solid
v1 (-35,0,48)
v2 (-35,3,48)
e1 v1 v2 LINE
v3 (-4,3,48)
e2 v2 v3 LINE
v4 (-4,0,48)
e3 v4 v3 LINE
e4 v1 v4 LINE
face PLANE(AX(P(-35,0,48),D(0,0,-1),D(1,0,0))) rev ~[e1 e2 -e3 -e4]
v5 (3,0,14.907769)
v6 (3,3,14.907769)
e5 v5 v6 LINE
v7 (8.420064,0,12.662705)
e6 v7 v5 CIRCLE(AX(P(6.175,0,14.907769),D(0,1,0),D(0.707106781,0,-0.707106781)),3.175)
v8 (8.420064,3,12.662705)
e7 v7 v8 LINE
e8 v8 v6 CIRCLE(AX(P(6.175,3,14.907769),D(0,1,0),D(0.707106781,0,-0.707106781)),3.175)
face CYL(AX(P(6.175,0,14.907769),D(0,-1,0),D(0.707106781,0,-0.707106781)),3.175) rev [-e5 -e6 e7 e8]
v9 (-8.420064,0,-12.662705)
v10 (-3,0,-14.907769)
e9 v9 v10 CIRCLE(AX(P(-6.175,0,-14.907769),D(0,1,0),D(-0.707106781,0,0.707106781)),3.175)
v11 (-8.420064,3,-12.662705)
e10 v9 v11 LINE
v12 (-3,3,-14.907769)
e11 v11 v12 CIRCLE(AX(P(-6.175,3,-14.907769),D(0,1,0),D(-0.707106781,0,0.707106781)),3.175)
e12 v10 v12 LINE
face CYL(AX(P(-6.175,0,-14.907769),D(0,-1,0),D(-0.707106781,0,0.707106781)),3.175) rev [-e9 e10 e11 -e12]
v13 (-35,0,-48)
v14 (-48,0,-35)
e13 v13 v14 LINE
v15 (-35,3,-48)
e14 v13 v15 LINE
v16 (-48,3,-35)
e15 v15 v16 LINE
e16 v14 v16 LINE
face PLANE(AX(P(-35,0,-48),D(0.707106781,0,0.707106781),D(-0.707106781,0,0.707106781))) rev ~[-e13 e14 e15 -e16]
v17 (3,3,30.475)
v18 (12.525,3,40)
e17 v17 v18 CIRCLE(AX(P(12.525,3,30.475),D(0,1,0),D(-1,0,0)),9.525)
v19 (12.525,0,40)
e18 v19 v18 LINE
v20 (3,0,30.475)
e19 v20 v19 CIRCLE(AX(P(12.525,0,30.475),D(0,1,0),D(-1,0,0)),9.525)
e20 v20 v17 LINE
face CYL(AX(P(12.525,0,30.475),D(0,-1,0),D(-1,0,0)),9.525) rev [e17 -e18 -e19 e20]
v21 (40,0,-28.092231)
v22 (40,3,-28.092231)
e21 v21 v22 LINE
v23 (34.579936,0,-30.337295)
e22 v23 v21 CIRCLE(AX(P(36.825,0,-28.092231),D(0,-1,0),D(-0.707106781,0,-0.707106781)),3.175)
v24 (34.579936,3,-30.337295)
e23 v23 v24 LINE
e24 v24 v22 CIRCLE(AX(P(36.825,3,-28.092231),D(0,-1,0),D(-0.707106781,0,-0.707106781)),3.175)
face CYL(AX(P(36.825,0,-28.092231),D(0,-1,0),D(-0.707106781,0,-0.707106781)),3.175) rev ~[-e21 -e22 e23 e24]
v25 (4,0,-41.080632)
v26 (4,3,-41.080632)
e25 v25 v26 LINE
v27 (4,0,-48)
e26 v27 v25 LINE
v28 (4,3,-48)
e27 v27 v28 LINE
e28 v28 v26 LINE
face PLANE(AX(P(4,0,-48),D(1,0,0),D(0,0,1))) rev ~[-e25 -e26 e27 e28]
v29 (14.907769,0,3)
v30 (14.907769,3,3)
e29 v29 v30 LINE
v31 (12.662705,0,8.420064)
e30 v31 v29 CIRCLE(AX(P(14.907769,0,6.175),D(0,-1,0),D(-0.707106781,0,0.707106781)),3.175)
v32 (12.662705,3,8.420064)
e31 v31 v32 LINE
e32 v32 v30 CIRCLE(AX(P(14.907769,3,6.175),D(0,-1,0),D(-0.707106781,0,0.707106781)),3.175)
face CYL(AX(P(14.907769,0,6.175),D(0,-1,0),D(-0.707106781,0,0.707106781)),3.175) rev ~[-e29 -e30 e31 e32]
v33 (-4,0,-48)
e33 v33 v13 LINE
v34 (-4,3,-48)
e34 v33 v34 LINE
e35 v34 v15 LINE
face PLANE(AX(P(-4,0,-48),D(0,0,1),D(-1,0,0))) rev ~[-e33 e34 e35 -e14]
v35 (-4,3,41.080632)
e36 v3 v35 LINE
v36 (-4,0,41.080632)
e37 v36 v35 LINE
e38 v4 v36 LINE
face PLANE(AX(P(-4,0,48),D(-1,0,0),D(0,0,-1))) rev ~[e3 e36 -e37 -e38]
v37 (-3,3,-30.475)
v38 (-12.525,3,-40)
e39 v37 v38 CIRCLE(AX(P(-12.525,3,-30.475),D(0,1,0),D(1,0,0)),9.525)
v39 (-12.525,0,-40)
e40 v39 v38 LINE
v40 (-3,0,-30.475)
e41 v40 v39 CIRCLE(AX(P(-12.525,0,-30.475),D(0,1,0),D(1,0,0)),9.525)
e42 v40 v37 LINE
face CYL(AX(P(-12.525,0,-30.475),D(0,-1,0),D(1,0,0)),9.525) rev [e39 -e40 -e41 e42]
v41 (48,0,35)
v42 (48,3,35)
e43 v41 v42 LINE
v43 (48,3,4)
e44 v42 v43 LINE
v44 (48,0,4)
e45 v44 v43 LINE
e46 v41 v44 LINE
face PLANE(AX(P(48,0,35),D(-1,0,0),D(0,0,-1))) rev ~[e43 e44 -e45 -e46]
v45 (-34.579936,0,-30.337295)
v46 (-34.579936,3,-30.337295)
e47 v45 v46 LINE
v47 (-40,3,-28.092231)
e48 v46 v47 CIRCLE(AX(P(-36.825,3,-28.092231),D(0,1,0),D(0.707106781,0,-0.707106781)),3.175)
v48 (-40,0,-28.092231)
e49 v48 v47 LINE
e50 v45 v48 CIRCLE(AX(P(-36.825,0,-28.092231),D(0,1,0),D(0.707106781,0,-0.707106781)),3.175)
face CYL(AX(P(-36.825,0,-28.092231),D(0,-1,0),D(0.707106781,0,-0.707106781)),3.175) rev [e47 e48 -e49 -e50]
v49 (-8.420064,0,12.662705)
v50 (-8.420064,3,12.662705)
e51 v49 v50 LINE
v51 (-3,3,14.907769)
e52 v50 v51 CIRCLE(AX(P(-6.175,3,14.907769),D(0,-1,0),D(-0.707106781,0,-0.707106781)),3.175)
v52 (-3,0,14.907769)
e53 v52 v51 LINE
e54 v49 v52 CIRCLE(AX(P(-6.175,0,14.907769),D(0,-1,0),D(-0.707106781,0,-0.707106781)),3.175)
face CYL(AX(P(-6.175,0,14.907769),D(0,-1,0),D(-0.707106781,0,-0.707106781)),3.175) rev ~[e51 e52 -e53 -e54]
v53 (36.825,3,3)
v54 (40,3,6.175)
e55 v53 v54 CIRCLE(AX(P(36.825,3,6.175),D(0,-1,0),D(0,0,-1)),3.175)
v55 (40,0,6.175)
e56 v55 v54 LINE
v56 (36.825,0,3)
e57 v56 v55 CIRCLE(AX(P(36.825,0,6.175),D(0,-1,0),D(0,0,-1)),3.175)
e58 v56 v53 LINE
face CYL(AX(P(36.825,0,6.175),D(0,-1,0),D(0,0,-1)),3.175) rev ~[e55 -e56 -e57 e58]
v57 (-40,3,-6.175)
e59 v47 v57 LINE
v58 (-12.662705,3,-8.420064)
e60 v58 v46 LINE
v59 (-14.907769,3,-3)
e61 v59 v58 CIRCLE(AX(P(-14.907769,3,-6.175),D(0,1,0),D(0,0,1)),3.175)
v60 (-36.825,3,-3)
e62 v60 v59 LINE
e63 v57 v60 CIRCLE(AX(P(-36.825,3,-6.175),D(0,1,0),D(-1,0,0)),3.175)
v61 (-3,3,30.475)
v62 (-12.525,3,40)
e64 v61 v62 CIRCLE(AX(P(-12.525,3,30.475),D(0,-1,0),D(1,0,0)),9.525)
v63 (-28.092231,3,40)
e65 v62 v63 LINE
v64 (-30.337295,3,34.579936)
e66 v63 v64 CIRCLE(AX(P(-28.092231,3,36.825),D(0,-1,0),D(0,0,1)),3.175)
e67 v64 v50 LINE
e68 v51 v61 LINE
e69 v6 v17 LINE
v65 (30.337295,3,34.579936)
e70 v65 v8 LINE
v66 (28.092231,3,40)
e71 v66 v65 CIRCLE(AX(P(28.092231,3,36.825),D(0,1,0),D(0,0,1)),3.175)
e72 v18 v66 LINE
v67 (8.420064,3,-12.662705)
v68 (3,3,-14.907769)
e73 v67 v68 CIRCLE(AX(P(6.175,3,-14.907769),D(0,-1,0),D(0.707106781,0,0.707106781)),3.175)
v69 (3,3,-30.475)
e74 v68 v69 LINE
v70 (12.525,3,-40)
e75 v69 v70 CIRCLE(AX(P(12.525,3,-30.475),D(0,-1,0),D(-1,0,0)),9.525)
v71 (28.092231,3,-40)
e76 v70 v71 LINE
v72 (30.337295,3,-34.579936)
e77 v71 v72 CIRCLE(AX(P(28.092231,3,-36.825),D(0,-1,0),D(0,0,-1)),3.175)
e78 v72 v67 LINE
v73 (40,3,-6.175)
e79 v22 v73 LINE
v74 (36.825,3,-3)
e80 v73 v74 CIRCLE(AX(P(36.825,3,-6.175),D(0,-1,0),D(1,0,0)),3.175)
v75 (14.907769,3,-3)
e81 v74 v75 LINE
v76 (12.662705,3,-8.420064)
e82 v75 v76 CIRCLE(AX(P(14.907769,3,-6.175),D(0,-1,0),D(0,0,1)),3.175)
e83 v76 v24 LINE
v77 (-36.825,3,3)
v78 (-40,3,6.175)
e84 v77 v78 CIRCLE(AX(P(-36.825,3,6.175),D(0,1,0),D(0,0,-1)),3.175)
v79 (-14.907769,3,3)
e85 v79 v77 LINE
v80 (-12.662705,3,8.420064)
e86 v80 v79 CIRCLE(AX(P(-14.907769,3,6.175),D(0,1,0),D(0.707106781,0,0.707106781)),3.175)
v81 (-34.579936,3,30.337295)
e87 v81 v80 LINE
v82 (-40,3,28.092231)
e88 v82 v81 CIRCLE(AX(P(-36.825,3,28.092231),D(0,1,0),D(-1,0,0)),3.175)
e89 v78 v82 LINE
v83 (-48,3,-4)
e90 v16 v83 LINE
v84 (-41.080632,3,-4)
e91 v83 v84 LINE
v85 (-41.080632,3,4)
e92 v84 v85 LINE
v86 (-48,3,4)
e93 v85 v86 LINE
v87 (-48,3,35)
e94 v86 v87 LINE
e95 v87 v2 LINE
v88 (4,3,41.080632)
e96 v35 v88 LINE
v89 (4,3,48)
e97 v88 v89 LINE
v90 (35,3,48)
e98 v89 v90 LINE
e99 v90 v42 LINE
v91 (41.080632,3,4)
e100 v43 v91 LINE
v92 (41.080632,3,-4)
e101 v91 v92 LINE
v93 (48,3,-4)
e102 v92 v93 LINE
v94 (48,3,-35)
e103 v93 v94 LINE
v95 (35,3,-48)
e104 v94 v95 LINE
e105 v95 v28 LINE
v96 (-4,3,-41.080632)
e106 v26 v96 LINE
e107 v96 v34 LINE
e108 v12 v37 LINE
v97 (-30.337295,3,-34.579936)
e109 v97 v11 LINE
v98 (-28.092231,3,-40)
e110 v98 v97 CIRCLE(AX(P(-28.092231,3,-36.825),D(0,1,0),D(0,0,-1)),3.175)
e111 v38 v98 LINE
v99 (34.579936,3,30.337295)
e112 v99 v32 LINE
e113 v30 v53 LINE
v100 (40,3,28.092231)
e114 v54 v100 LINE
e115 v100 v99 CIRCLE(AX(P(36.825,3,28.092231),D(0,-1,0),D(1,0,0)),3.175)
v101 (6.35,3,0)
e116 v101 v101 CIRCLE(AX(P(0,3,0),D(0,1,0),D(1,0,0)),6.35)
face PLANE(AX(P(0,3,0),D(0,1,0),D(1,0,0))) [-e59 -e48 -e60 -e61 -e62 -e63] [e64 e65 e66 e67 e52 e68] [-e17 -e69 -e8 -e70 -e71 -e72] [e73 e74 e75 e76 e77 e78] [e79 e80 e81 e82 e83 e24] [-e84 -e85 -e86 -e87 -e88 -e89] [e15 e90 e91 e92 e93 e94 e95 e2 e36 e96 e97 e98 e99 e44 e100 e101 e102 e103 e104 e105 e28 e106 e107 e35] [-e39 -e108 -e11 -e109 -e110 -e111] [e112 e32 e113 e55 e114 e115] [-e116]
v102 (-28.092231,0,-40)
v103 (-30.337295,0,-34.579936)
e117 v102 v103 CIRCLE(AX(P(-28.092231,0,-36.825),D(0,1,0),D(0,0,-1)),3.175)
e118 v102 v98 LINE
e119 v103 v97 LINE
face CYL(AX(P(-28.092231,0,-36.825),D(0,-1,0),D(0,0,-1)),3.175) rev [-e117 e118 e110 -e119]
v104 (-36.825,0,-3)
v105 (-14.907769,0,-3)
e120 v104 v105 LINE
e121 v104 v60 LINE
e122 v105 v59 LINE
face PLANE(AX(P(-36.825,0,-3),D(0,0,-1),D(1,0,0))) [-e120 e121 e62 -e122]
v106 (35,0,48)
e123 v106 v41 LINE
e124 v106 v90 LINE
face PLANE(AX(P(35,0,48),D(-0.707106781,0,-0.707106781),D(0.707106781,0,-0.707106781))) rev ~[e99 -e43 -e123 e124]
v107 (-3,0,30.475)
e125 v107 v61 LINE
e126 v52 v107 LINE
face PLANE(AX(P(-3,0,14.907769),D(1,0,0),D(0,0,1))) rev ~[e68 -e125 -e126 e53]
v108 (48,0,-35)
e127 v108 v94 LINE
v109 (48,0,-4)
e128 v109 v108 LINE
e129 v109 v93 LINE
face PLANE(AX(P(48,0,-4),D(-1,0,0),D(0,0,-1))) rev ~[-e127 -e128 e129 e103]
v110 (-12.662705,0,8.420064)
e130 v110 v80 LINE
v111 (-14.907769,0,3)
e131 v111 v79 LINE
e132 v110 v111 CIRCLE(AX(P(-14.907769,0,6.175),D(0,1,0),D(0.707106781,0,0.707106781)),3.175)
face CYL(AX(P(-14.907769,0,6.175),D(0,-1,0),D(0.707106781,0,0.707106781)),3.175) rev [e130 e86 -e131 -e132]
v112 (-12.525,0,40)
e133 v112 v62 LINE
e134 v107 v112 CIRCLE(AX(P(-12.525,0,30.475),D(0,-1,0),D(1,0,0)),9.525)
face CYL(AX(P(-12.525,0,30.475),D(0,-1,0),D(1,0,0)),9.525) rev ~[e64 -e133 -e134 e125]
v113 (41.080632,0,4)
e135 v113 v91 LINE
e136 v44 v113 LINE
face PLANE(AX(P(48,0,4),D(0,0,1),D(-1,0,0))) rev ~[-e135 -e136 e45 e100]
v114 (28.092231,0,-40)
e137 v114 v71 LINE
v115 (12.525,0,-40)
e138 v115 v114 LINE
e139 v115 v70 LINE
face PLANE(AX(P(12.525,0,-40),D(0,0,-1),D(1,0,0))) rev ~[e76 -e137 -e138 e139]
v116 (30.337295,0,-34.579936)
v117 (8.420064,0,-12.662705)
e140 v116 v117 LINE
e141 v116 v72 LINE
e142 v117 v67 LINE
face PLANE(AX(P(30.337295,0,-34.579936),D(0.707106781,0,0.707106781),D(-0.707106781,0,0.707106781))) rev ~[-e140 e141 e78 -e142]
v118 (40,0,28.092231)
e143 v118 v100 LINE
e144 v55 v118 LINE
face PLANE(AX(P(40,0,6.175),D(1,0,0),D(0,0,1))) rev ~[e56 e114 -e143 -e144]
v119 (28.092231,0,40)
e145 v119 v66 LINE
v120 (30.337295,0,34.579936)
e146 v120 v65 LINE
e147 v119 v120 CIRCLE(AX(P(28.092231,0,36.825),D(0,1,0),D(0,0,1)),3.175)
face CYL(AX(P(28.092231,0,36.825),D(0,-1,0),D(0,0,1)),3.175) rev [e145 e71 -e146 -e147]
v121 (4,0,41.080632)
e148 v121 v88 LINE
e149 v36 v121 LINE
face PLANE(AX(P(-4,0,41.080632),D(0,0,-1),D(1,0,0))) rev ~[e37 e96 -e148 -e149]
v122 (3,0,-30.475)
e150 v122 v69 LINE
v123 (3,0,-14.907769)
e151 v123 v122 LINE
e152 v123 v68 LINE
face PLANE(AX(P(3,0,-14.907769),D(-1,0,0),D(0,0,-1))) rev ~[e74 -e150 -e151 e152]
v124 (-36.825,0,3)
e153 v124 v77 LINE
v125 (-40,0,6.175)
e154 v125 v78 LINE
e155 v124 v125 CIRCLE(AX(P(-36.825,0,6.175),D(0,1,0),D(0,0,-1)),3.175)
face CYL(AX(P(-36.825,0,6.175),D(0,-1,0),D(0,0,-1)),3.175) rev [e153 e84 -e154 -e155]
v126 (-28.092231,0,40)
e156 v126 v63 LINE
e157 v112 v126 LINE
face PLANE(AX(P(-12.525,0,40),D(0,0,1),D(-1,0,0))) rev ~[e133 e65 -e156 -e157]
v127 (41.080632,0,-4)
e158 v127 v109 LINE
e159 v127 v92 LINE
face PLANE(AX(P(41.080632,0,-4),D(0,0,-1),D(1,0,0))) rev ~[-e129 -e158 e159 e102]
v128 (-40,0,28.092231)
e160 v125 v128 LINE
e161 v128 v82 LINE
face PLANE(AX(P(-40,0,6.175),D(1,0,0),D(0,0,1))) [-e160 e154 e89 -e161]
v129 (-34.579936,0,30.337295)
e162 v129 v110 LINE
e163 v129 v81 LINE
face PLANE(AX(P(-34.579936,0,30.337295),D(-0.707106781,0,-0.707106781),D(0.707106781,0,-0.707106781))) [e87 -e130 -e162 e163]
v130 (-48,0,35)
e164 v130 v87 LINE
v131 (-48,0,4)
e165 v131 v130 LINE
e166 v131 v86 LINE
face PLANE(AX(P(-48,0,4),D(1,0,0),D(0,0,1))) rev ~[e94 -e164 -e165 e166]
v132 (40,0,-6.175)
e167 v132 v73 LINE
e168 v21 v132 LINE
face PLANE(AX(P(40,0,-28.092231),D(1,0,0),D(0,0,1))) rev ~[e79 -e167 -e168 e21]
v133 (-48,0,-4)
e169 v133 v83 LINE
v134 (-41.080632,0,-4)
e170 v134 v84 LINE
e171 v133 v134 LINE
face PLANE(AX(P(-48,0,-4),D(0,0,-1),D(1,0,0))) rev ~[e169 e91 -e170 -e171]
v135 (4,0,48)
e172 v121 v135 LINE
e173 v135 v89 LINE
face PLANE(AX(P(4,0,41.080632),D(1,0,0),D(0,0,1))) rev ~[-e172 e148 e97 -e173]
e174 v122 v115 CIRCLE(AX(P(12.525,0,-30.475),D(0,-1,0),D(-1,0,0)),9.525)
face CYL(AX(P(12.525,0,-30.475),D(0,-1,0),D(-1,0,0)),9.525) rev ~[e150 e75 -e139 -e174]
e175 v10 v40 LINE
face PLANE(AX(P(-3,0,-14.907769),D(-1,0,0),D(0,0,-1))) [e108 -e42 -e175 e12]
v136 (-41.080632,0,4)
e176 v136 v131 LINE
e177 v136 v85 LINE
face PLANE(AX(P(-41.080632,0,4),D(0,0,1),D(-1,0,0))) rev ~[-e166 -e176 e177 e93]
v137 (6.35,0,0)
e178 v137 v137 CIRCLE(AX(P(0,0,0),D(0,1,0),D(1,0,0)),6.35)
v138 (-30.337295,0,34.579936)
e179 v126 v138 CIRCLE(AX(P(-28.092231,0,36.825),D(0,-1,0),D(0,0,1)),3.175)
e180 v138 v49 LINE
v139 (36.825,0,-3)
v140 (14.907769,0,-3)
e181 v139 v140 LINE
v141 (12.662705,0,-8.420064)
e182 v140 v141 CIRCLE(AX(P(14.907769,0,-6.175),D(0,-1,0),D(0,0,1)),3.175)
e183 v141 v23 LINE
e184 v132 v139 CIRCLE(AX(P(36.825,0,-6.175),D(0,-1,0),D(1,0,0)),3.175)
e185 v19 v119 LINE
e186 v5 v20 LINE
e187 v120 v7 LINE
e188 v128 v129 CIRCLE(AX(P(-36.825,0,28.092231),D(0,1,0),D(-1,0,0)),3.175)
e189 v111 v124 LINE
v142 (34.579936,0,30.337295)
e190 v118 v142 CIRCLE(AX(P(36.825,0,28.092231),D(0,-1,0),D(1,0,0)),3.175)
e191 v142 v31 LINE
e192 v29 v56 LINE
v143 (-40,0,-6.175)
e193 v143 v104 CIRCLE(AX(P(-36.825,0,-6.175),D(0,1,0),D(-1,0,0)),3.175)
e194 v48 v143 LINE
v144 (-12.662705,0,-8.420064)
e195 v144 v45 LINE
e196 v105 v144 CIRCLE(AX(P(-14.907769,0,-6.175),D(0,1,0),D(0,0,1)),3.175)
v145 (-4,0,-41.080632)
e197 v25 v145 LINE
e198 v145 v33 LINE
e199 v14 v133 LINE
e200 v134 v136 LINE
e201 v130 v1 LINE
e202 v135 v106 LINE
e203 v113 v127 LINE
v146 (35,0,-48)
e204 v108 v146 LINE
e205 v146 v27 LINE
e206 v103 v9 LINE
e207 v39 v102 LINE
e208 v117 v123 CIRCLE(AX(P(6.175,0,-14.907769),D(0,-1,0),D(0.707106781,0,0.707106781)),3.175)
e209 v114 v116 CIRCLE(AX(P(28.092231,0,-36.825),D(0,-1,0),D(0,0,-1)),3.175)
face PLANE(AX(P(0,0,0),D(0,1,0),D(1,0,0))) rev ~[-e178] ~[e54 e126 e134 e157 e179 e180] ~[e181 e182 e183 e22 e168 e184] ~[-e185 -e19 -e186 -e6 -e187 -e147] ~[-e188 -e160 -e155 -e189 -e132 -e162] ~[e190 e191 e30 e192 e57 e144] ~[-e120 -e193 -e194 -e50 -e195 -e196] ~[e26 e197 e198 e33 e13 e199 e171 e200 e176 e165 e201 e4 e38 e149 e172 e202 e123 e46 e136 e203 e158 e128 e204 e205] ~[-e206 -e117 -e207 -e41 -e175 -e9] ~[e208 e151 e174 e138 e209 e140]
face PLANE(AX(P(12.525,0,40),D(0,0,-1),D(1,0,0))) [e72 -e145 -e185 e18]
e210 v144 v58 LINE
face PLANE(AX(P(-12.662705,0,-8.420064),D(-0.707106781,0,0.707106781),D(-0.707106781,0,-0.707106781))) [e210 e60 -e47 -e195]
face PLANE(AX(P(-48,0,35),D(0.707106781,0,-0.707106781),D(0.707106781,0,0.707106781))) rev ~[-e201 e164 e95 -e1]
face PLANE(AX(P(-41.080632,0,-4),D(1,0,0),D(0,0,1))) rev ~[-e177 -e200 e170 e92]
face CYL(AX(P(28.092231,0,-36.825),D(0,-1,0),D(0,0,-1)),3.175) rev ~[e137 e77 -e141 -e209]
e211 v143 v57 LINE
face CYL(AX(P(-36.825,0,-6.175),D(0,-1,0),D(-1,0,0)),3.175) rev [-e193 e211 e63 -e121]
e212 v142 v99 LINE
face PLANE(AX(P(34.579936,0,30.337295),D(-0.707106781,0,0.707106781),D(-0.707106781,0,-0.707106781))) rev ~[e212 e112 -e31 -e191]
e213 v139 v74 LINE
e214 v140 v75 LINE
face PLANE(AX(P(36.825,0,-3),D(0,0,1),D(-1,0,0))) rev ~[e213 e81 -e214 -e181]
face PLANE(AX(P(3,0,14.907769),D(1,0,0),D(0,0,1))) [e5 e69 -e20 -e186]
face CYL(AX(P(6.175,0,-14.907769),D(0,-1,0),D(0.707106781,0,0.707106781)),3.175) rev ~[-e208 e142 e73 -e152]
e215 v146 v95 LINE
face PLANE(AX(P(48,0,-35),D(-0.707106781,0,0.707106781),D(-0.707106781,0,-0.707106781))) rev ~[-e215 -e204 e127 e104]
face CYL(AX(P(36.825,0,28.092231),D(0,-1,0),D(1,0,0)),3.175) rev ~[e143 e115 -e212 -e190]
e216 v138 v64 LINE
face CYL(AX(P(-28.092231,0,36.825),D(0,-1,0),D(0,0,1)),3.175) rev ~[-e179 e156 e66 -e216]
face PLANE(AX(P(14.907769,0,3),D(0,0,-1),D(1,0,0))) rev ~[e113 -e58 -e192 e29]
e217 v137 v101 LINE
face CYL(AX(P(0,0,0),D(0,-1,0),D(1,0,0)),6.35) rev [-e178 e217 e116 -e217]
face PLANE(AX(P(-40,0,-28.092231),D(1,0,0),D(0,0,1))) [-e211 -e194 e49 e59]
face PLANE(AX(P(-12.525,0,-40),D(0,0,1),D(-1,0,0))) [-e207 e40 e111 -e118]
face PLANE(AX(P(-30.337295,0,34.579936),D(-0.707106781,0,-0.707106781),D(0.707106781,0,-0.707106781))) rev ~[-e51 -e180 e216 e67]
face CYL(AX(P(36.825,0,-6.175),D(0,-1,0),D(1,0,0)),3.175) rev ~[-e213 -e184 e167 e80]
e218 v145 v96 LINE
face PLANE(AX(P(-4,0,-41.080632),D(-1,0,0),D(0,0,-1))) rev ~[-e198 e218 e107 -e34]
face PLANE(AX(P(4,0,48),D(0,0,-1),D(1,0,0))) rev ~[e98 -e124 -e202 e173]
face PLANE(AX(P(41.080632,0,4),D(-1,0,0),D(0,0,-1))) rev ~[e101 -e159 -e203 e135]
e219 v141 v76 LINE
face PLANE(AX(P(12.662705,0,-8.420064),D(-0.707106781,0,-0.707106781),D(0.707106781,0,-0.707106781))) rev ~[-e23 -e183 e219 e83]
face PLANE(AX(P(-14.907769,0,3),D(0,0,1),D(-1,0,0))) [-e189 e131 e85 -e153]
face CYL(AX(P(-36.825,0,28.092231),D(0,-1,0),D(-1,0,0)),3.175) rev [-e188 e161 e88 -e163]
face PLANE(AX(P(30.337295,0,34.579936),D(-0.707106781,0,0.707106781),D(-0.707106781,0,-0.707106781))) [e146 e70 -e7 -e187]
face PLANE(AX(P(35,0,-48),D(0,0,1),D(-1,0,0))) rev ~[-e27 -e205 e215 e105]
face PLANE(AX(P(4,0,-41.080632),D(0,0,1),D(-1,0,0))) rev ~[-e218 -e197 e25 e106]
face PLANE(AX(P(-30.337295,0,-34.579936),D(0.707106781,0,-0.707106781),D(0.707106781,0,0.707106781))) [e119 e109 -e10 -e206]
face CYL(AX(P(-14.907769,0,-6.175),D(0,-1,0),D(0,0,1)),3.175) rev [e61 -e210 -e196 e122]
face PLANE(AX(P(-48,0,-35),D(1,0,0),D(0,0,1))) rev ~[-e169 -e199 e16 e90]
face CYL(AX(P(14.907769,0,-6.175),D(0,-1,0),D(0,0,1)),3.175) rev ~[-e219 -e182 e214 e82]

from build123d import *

# Parameters (mm, degrees)
SKETCH1_R           = 6.35
BOSS_EXTRUDE1_DEPTH = 3


with BuildPart() as part:
    # Sketch1 → Boss-Extrude1 (new body)
    with BuildSketch(Plane(origin=(0, 0, 0), x_dir=(1, 0, 0), z_dir=(0, 1, 0))):
        Polygon((48, -4), (41.080632081, -4), (41.080632081, 4), (48, 4), (48, 35), (35, 48), (4, 48), (4, 41.080632081), (-4, 41.080632081), (-4, 48), (-35, 48), (-48, 35), (-48, 4), (-41.08063208, 4), (-41.08063208, -4), (-48, -4), (-48, -35), (-35, -48), (-4, -48), (-4, -41.080632081), (4, -41.080632081), (4, -48), (35, -48), (48, -35), align=None)
        Circle(SKETCH1_R, mode=Mode.SUBTRACT)
        with BuildLine():
            Line((-30.337295283, 34.57993597), (-8.42006403, 12.662704717))
            ThreePointArc((-8.42006403, 12.662704717), (-4.959980102, 11.974451232), (-3, 14.907768748))
            Line((-3, 14.907768748), (-3, 30.475))
            ThreePointArc((-3, 30.475), (-5.789807909, 37.210192091), (-12.525, 40))
            Line((-12.525, 40), (-28.092231252, 40))
            ThreePointArc((-28.092231252, 40), (-31.025548768, 38.040019898), (-30.337295283, 34.57993597))
        make_face(mode=Mode.SUBTRACT)
        with BuildLine():
            Line((3, 14.907768748), (3, 30.475))
            ThreePointArc((3, 30.475), (5.789807909, 37.210192091), (12.525, 40))
            Line((12.525, 40), (28.092231252, 40))
            ThreePointArc((28.092231252, 40), (31.025548768, 38.040019898), (30.337295283, 34.57993597))
            Line((30.337295283, 34.57993597), (8.42006403, 12.662704717))
            ThreePointArc((8.42006403, 12.662704717), (4.959980102, 11.974451232), (3, 14.907768748))
        make_face(mode=Mode.SUBTRACT)
        with BuildLine():
            Line((12.662704717, 8.42006403), (34.57993597, 30.337295283))
            ThreePointArc((34.57993597, 30.337295283), (38.040019898, 31.025548768), (40, 28.092231252))
            Line((40, 28.092231252), (40, 6.175))
            ThreePointArc((40, 6.175), (39.07006403, 3.92993597), (36.825, 3))
            Line((36.825, 3), (14.907768748, 3))
            ThreePointArc((14.907768748, 3), (11.974451232, 4.959980102), (12.662704717, 8.42006403))
        make_face(mode=Mode.SUBTRACT)
        with BuildLine():
            Line((40, -6.175), (40, -28.092231252))
            ThreePointArc((40, -28.092231252), (38.040019898, -31.025548768), (34.57993597, -30.337295283))
            Line((34.57993597, -30.337295283), (12.662704717, -8.42006403))
            ThreePointArc((12.662704717, -8.42006403), (11.974451232, -4.959980102), (14.907768747, -3))
            Line((14.907768747, -3), (36.825, -3))
            ThreePointArc((36.825, -3), (39.07006403, -3.92993597), (40, -6.175))
        make_face(mode=Mode.SUBTRACT)
        with BuildLine():
            Line((30.337295283, -34.57993597), (8.42006403, -12.662704717))
            ThreePointArc((8.42006403, -12.662704717), (4.959980102, -11.974451232), (3, -14.907768748))
            Line((3, -14.907768748), (3, -30.475))
            ThreePointArc((3, -30.475), (5.789807909, -37.210192091), (12.525, -40))
            Line((12.525, -40), (28.092231252, -40))
            ThreePointArc((28.092231252, -40), (31.025548768, -38.040019898), (30.337295283, -34.57993597))
        make_face(mode=Mode.SUBTRACT)
        with BuildLine():
            Line((-3, -14.907768748), (-3, -30.475))
            ThreePointArc((-3, -30.475), (-5.789807909, -37.210192091), (-12.525, -40))
            Line((-12.525, -40), (-28.092231252, -40))
            ThreePointArc((-28.092231252, -40), (-31.025548768, -38.040019898), (-30.337295283, -34.57993597))
            Line((-30.337295283, -34.57993597), (-8.42006403, -12.662704717))
            ThreePointArc((-8.42006403, -12.662704717), (-4.959980102, -11.974451232), (-3, -14.907768748))
        make_face(mode=Mode.SUBTRACT)
        with BuildLine():
            Line((-34.57993597, -30.337295283), (-12.662704717, -8.42006403))
            ThreePointArc((-12.662704717, -8.42006403), (-11.974451232, -4.959980102), (-14.907768747, -3))
            Line((-14.907768747, -3), (-36.825, -3))
            ThreePointArc((-36.825, -3), (-39.07006403, -3.92993597), (-40, -6.175))
            Line((-40, -6.175), (-40, -28.092231252))
            ThreePointArc((-40, -28.092231252), (-38.040019898, -31.025548768), (-34.57993597, -30.337295283))
        make_face(mode=Mode.SUBTRACT)
        with BuildLine():
            Line((-36.825, 3), (-14.907768748, 3))
            ThreePointArc((-14.907768748, 3), (-11.974451232, 4.959980102), (-12.662704717, 8.42006403))
            Line((-12.662704717, 8.42006403), (-34.57993597, 30.337295283))
            ThreePointArc((-34.57993597, 30.337295283), (-38.040019898, 31.025548768), (-40, 28.092231252))
            Line((-40, 28.092231252), (-40, 6.175))
            ThreePointArc((-40, 6.175), (-39.07006403, 3.92993597), (-36.825, 3))
        make_face(mode=Mode.SUBTRACT)
    extrude(amount=BOSS_EXTRUDE1_DEPTH)


solid = part.part
